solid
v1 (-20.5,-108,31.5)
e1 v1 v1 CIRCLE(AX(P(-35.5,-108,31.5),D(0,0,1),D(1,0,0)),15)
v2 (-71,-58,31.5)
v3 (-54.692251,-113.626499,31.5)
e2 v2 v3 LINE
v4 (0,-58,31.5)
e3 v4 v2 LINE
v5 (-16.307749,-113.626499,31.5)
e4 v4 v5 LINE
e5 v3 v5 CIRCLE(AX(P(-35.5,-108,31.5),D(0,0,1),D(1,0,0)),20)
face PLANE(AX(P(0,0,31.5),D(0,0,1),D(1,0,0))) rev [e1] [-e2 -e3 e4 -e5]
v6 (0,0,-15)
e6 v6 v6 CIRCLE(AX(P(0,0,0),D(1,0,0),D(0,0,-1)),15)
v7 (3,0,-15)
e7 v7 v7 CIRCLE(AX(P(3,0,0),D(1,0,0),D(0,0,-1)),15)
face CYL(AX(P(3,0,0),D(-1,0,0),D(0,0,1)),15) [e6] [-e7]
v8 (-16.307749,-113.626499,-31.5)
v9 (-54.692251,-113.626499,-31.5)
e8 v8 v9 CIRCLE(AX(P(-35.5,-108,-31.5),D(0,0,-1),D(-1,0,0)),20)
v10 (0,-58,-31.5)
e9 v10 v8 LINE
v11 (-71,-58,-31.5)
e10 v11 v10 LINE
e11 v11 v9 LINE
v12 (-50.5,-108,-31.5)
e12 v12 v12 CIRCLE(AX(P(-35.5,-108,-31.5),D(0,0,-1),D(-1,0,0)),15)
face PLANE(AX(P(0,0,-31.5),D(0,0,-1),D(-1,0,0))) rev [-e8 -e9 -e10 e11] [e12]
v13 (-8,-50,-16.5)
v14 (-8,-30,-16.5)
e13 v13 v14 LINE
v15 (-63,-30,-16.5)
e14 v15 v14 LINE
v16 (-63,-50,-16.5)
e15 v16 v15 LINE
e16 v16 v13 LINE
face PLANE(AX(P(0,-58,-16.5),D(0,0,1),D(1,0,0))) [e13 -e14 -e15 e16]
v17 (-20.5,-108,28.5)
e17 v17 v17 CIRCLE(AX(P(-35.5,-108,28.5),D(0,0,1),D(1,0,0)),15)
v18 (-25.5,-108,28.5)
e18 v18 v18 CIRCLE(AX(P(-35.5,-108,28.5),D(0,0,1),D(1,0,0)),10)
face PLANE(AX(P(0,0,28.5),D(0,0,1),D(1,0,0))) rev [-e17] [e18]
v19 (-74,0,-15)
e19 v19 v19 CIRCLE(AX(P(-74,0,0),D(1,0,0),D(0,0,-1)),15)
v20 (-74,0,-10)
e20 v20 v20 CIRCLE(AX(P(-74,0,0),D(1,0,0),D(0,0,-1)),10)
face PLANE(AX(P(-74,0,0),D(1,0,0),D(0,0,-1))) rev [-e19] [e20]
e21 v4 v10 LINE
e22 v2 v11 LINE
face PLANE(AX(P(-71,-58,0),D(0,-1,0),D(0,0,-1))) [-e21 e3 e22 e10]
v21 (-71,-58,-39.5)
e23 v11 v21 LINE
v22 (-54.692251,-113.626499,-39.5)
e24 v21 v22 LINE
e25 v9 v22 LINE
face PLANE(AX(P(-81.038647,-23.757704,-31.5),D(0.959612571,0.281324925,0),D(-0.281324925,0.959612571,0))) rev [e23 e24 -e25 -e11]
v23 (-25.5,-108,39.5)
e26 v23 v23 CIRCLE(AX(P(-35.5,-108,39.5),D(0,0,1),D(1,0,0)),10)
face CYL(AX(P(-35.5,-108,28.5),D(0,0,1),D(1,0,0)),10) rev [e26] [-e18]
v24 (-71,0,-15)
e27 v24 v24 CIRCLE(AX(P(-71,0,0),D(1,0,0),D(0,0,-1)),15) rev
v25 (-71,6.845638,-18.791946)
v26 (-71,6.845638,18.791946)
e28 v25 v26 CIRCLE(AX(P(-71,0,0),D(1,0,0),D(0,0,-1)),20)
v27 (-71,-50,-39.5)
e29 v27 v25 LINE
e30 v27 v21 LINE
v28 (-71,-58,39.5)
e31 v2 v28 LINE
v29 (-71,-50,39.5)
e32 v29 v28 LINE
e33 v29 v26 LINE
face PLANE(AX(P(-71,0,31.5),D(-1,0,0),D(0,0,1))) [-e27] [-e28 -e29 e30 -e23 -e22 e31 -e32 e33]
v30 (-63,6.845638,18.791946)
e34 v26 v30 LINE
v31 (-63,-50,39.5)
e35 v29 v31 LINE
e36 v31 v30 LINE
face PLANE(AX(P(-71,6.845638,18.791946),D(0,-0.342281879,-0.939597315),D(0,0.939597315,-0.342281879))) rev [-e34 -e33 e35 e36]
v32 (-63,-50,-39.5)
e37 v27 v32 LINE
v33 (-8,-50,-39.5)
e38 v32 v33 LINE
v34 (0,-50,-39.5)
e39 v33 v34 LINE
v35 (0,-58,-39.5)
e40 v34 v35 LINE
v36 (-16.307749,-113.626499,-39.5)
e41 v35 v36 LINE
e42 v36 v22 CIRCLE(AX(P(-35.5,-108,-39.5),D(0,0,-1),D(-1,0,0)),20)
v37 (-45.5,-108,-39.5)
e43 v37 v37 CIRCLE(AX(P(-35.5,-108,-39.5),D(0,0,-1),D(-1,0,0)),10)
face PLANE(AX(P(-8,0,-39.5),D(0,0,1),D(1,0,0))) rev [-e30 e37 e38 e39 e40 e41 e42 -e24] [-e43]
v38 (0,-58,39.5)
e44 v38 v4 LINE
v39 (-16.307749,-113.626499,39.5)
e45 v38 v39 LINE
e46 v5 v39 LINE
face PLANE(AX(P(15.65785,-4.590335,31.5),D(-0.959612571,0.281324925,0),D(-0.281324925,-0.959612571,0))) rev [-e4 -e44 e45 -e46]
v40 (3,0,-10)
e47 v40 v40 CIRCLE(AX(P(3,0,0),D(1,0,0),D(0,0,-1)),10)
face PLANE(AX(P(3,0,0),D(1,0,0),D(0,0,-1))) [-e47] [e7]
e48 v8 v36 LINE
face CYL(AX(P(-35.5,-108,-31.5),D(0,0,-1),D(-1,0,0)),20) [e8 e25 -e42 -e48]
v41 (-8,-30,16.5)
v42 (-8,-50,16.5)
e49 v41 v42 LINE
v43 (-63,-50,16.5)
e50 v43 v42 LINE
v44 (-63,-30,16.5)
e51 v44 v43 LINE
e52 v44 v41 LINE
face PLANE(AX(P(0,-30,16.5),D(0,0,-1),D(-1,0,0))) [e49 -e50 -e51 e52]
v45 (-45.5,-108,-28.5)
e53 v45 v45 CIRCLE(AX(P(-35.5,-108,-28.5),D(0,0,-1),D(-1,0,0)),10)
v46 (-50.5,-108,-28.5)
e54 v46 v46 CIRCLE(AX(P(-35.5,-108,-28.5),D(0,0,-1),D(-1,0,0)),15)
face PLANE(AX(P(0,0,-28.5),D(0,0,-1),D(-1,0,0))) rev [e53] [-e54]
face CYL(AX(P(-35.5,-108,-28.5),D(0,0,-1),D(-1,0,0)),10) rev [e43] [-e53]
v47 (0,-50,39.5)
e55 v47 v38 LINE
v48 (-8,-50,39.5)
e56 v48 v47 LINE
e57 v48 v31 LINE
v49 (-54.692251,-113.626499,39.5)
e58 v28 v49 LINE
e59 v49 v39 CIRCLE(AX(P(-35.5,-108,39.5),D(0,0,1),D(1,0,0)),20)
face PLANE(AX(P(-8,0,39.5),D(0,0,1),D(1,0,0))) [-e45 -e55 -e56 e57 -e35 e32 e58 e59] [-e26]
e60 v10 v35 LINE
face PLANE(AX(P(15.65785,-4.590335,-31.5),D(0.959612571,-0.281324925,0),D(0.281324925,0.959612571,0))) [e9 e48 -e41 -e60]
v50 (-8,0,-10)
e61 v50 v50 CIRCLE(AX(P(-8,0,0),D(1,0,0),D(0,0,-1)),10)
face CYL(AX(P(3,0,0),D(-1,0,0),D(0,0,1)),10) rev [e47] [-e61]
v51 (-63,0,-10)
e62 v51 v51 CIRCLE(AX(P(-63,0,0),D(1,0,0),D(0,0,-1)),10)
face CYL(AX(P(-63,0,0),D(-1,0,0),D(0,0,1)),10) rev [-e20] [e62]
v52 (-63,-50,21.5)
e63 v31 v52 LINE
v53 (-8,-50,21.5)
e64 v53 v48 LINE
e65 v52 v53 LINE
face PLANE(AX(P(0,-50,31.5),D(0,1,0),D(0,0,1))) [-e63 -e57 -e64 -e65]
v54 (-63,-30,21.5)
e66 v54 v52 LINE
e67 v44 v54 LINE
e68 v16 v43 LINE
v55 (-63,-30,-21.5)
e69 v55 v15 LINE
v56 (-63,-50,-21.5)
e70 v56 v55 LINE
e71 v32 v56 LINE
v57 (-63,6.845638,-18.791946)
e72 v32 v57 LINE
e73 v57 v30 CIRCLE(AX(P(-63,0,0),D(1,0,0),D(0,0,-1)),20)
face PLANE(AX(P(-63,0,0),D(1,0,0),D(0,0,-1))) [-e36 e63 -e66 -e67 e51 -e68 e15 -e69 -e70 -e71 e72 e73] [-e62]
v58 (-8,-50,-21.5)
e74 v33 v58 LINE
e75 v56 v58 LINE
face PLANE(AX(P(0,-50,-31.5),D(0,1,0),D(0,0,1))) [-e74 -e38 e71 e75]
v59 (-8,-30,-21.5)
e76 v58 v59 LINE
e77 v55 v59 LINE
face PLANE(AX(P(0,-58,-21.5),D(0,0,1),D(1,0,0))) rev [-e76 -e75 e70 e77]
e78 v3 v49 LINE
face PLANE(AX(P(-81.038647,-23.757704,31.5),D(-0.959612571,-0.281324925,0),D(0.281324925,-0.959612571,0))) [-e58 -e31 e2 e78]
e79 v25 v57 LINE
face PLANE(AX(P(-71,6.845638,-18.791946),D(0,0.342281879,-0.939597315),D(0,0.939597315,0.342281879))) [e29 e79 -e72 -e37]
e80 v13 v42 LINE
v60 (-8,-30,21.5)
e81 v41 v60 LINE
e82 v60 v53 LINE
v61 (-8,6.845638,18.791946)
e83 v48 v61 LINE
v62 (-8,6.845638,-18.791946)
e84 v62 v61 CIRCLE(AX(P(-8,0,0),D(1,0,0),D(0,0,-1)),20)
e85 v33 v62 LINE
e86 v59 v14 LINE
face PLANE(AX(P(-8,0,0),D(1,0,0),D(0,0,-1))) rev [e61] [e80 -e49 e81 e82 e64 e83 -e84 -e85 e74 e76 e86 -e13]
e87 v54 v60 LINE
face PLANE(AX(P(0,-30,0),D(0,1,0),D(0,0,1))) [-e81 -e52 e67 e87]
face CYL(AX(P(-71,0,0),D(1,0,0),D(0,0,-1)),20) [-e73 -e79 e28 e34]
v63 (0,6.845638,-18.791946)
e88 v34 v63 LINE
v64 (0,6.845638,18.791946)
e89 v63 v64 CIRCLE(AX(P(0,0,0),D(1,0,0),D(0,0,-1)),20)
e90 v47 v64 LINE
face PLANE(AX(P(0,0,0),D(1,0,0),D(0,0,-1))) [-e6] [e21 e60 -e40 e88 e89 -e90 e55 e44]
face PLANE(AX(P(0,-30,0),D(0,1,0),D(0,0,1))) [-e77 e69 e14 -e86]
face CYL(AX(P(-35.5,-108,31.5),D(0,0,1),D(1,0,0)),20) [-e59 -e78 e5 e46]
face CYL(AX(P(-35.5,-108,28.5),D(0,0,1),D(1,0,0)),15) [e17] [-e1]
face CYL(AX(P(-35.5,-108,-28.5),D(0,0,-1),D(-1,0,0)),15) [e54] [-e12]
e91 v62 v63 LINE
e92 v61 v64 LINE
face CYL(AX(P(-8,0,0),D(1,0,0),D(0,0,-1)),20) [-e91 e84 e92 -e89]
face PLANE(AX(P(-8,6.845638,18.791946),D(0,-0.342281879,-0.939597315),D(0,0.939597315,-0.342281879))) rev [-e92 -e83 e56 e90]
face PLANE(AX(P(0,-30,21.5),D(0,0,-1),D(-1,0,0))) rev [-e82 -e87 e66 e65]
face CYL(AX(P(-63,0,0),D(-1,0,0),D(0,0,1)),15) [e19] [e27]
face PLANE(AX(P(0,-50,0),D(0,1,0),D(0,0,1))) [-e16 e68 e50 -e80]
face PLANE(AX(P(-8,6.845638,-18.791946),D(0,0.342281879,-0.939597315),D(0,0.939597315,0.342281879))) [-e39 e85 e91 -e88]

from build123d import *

# Parameters (mm, degrees)
SKETCH1_R                 = 15
BOSS_EXTRUDE1_DEPTH       = 8
BOSS_EXTRUDE2_START       = 3
SKETCH1_3_R               = 15
SKETCH1_3_R_2             = 10
BOSS_EXTRUDE2_DEPTH       = 11
BOSS_EXTRUDE3_START       = -63
SKETCH1_4_R               = 15
BOSS_EXTRUDE3_DEPTH       = 8
LPATTERN3_COUNT           = 2
LPATTERN3_PITCH           = 66
SKETCH3_R                 = 15
BOSS_EXTRUDE7_DEPTH       = 8
SKETCH3_7_R               = 15
SKETCH3_7_R_2             = 10
BOSS_EXTRUDE8_DEPTH       = 11
BOSS_EXTRUDE9_START       = -8
SKETCH4_R                 = 15
BOSS_EXTRUDE9_DEPTH       = 8
BOSS_EXTRUDE10_START      = -11
SKETCH4_4_R               = 15
SKETCH4_4_R_2             = 10
BOSS_EXTRUDE10_DEPTH      = 11
SKETCH5_W                 = 55
SKETCH5_H                 = 18
SKETCH5_H_2               = 33
BOSS_EXTRUDE11_DEPTH      = 8
BOSS_EXTRUDE13_DEPTH      = 20
BOSS_EXTRUDE13_DEPTH_BACK = 8
SKETCH5_3_W               = 55
SKETCH5_3_H               = 5


with BuildPart() as part:
    # Sketch1 → Boss-Extrude1 (new body)
    with BuildSketch(Plane(origin=(0, 0, 0), x_dir=(0, 0, -1), z_dir=(1, 0, 0))):
        with BuildLine():
            Line((-18.791946309, 6.845637584), (-39.5, -50))
            Line((-39.5, -50), (-39.5, -58))
            Line((-39.5, -58), (39.5, -58))
            Line((39.5, -58), (39.5, -50))
            Line((39.5, -50), (18.791946309, 6.845637584))
            ThreePointArc((18.791946309, 6.845637584), (0, 20), (-18.791946309, 6.845637584))
        make_face()
        Circle(SKETCH1_R, mode=Mode.SUBTRACT)
    extrude(amount=-BOSS_EXTRUDE1_DEPTH)

    # Sketch1<3> → Boss-Extrude2 (add)
    with BuildSketch(Plane(origin=(0, 0, 0), x_dir=(0, 0, -1), z_dir=(1, 0, 0)).offset(BOSS_EXTRUDE2_START)):
        Circle(SKETCH1_3_R)
        Circle(SKETCH1_3_R_2, mode=Mode.SUBTRACT)
    boss_extrude2 = extrude(amount=-BOSS_EXTRUDE2_DEPTH)



with BuildPart() as body_2:
    # Sketch1<4> → Boss-Extrude3 (new body)
    with BuildSketch(Plane(origin=(0, 0, 0), x_dir=(0, 0, -1), z_dir=(1, 0, 0)).offset(BOSS_EXTRUDE3_START)):
        with BuildLine():
            Line((-18.791946309, 6.845637584), (-39.5, -50))
            Line((-39.5, -50), (-39.5, -58))
            Line((-39.5, -58), (39.5, -58))
            Line((39.5, -58), (39.5, -50))
            Line((39.5, -50), (18.791946309, 6.845637584))
            ThreePointArc((18.791946309, 6.845637584), (0, 20), (-18.791946309, 6.845637584))
        make_face()
        Circle(SKETCH1_4_R, mode=Mode.SUBTRACT)
    extrude(amount=-BOSS_EXTRUDE3_DEPTH)

    # LPattern3: Boss-Extrude2 ×2
    with Locations(*[(-i * LPATTERN3_PITCH, 0, 0) for i in range(1, LPATTERN3_COUNT)]):
        add(boss_extrude2)


with BuildPart() as part_1:
    add(part.part)

    add(body_2.part)  # Boss-Extrude7 merges body 2
    # Sketch3 → Boss-Extrude7 (add)
    with BuildSketch(Plane.XY.offset(39.5)):
        with BuildLine():
            Line((-16.307748581, -113.626498508), (0, -58))
            Line((0, -58), (0, -50))
            Line((0, -50), (-71, -50))
            Line((-71, -50), (-71, -58))
            Line((-71, -58), (-54.692251419, -113.626498508))
            ThreePointArc((-54.692251419, -113.626498508), (-35.5, -128), (-16.307748581, -113.626498508))
        make_face()
        with Locations((-35.5, -108)):
            Circle(SKETCH3_R, mode=Mode.SUBTRACT)
    extrude(amount=-BOSS_EXTRUDE7_DEPTH)

    # Sketch3<7> → Boss-Extrude8 (add)
    with BuildSketch(Plane.XY.offset(39.5)):
        with Locations((-35.5, -108)):
            Circle(SKETCH3_7_R)
        with Locations((-35.5, -108)):
            Circle(SKETCH3_7_R_2, mode=Mode.SUBTRACT)
    extrude(amount=-BOSS_EXTRUDE8_DEPTH)

    # Sketch4 → Boss-Extrude9 (add)
    with BuildSketch(Plane(origin=(0, 0, -39.5), x_dir=(-1, 0, 0), z_dir=(0, 0, -1)).offset(BOSS_EXTRUDE9_START)):
        with BuildLine():
            Line((54.692251419, -113.626498508), (71, -58))
            Line((71, -58), (71, -50))
            Line((71, -50), (0, -50))
            Line((0, -50), (0, -58))
            Line((0, -58), (16.307748581, -113.626498508))
            ThreePointArc((16.307748581, -113.626498508), (35.5, -128), (54.692251419, -113.626498508))
        make_face()
        with Locations((35.5, -108)):
            Circle(SKETCH4_R, mode=Mode.SUBTRACT)
    extrude(amount=BOSS_EXTRUDE9_DEPTH)

    # Sketch4<4> → Boss-Extrude10 (add)
    with BuildSketch(Plane(origin=(0, 0, -39.5), x_dir=(-1, 0, 0), z_dir=(0, 0, -1)).offset(BOSS_EXTRUDE10_START)):
        with Locations((35.5, -108)):
            Circle(SKETCH4_4_R)
        with Locations((35.5, -108)):
            Circle(SKETCH4_4_R_2, mode=Mode.SUBTRACT)
    extrude(amount=BOSS_EXTRUDE10_DEPTH)

    # Sketch5 → Boss-Extrude11 (add)
    with BuildSketch(Plane(origin=(0, -50, 0), x_dir=(1, 0, 0), z_dir=(0, 1, 0))):
        with Locations((-35.5, 30.5)):
            Rectangle(SKETCH5_W, SKETCH5_H)
        with Locations((-35.5, 0)):
            Rectangle(SKETCH5_W, SKETCH5_H_2)
        with Locations((-35.5, -30.5)):
            Rectangle(SKETCH5_W, SKETCH5_H)
    extrude(amount=-BOSS_EXTRUDE11_DEPTH)

    # Sketch5<3> → Boss-Extrude13 (add, two sides: drawn at the far end of the back side and taken through both)
    with BuildSketch(Plane(origin=(0, -50, 0), x_dir=(1, 0, 0), z_dir=(0, 1, 0)).offset(-BOSS_EXTRUDE13_DEPTH_BACK)):
        with Locations((-35.5, 19)):
            Rectangle(SKETCH5_3_W, SKETCH5_3_H)
        with Locations((-35.5, -19)):
            Rectangle(SKETCH5_3_W, SKETCH5_3_H)
    extrude(amount=BOSS_EXTRUDE13_DEPTH + BOSS_EXTRUDE13_DEPTH_BACK)


solid = part_1.part
